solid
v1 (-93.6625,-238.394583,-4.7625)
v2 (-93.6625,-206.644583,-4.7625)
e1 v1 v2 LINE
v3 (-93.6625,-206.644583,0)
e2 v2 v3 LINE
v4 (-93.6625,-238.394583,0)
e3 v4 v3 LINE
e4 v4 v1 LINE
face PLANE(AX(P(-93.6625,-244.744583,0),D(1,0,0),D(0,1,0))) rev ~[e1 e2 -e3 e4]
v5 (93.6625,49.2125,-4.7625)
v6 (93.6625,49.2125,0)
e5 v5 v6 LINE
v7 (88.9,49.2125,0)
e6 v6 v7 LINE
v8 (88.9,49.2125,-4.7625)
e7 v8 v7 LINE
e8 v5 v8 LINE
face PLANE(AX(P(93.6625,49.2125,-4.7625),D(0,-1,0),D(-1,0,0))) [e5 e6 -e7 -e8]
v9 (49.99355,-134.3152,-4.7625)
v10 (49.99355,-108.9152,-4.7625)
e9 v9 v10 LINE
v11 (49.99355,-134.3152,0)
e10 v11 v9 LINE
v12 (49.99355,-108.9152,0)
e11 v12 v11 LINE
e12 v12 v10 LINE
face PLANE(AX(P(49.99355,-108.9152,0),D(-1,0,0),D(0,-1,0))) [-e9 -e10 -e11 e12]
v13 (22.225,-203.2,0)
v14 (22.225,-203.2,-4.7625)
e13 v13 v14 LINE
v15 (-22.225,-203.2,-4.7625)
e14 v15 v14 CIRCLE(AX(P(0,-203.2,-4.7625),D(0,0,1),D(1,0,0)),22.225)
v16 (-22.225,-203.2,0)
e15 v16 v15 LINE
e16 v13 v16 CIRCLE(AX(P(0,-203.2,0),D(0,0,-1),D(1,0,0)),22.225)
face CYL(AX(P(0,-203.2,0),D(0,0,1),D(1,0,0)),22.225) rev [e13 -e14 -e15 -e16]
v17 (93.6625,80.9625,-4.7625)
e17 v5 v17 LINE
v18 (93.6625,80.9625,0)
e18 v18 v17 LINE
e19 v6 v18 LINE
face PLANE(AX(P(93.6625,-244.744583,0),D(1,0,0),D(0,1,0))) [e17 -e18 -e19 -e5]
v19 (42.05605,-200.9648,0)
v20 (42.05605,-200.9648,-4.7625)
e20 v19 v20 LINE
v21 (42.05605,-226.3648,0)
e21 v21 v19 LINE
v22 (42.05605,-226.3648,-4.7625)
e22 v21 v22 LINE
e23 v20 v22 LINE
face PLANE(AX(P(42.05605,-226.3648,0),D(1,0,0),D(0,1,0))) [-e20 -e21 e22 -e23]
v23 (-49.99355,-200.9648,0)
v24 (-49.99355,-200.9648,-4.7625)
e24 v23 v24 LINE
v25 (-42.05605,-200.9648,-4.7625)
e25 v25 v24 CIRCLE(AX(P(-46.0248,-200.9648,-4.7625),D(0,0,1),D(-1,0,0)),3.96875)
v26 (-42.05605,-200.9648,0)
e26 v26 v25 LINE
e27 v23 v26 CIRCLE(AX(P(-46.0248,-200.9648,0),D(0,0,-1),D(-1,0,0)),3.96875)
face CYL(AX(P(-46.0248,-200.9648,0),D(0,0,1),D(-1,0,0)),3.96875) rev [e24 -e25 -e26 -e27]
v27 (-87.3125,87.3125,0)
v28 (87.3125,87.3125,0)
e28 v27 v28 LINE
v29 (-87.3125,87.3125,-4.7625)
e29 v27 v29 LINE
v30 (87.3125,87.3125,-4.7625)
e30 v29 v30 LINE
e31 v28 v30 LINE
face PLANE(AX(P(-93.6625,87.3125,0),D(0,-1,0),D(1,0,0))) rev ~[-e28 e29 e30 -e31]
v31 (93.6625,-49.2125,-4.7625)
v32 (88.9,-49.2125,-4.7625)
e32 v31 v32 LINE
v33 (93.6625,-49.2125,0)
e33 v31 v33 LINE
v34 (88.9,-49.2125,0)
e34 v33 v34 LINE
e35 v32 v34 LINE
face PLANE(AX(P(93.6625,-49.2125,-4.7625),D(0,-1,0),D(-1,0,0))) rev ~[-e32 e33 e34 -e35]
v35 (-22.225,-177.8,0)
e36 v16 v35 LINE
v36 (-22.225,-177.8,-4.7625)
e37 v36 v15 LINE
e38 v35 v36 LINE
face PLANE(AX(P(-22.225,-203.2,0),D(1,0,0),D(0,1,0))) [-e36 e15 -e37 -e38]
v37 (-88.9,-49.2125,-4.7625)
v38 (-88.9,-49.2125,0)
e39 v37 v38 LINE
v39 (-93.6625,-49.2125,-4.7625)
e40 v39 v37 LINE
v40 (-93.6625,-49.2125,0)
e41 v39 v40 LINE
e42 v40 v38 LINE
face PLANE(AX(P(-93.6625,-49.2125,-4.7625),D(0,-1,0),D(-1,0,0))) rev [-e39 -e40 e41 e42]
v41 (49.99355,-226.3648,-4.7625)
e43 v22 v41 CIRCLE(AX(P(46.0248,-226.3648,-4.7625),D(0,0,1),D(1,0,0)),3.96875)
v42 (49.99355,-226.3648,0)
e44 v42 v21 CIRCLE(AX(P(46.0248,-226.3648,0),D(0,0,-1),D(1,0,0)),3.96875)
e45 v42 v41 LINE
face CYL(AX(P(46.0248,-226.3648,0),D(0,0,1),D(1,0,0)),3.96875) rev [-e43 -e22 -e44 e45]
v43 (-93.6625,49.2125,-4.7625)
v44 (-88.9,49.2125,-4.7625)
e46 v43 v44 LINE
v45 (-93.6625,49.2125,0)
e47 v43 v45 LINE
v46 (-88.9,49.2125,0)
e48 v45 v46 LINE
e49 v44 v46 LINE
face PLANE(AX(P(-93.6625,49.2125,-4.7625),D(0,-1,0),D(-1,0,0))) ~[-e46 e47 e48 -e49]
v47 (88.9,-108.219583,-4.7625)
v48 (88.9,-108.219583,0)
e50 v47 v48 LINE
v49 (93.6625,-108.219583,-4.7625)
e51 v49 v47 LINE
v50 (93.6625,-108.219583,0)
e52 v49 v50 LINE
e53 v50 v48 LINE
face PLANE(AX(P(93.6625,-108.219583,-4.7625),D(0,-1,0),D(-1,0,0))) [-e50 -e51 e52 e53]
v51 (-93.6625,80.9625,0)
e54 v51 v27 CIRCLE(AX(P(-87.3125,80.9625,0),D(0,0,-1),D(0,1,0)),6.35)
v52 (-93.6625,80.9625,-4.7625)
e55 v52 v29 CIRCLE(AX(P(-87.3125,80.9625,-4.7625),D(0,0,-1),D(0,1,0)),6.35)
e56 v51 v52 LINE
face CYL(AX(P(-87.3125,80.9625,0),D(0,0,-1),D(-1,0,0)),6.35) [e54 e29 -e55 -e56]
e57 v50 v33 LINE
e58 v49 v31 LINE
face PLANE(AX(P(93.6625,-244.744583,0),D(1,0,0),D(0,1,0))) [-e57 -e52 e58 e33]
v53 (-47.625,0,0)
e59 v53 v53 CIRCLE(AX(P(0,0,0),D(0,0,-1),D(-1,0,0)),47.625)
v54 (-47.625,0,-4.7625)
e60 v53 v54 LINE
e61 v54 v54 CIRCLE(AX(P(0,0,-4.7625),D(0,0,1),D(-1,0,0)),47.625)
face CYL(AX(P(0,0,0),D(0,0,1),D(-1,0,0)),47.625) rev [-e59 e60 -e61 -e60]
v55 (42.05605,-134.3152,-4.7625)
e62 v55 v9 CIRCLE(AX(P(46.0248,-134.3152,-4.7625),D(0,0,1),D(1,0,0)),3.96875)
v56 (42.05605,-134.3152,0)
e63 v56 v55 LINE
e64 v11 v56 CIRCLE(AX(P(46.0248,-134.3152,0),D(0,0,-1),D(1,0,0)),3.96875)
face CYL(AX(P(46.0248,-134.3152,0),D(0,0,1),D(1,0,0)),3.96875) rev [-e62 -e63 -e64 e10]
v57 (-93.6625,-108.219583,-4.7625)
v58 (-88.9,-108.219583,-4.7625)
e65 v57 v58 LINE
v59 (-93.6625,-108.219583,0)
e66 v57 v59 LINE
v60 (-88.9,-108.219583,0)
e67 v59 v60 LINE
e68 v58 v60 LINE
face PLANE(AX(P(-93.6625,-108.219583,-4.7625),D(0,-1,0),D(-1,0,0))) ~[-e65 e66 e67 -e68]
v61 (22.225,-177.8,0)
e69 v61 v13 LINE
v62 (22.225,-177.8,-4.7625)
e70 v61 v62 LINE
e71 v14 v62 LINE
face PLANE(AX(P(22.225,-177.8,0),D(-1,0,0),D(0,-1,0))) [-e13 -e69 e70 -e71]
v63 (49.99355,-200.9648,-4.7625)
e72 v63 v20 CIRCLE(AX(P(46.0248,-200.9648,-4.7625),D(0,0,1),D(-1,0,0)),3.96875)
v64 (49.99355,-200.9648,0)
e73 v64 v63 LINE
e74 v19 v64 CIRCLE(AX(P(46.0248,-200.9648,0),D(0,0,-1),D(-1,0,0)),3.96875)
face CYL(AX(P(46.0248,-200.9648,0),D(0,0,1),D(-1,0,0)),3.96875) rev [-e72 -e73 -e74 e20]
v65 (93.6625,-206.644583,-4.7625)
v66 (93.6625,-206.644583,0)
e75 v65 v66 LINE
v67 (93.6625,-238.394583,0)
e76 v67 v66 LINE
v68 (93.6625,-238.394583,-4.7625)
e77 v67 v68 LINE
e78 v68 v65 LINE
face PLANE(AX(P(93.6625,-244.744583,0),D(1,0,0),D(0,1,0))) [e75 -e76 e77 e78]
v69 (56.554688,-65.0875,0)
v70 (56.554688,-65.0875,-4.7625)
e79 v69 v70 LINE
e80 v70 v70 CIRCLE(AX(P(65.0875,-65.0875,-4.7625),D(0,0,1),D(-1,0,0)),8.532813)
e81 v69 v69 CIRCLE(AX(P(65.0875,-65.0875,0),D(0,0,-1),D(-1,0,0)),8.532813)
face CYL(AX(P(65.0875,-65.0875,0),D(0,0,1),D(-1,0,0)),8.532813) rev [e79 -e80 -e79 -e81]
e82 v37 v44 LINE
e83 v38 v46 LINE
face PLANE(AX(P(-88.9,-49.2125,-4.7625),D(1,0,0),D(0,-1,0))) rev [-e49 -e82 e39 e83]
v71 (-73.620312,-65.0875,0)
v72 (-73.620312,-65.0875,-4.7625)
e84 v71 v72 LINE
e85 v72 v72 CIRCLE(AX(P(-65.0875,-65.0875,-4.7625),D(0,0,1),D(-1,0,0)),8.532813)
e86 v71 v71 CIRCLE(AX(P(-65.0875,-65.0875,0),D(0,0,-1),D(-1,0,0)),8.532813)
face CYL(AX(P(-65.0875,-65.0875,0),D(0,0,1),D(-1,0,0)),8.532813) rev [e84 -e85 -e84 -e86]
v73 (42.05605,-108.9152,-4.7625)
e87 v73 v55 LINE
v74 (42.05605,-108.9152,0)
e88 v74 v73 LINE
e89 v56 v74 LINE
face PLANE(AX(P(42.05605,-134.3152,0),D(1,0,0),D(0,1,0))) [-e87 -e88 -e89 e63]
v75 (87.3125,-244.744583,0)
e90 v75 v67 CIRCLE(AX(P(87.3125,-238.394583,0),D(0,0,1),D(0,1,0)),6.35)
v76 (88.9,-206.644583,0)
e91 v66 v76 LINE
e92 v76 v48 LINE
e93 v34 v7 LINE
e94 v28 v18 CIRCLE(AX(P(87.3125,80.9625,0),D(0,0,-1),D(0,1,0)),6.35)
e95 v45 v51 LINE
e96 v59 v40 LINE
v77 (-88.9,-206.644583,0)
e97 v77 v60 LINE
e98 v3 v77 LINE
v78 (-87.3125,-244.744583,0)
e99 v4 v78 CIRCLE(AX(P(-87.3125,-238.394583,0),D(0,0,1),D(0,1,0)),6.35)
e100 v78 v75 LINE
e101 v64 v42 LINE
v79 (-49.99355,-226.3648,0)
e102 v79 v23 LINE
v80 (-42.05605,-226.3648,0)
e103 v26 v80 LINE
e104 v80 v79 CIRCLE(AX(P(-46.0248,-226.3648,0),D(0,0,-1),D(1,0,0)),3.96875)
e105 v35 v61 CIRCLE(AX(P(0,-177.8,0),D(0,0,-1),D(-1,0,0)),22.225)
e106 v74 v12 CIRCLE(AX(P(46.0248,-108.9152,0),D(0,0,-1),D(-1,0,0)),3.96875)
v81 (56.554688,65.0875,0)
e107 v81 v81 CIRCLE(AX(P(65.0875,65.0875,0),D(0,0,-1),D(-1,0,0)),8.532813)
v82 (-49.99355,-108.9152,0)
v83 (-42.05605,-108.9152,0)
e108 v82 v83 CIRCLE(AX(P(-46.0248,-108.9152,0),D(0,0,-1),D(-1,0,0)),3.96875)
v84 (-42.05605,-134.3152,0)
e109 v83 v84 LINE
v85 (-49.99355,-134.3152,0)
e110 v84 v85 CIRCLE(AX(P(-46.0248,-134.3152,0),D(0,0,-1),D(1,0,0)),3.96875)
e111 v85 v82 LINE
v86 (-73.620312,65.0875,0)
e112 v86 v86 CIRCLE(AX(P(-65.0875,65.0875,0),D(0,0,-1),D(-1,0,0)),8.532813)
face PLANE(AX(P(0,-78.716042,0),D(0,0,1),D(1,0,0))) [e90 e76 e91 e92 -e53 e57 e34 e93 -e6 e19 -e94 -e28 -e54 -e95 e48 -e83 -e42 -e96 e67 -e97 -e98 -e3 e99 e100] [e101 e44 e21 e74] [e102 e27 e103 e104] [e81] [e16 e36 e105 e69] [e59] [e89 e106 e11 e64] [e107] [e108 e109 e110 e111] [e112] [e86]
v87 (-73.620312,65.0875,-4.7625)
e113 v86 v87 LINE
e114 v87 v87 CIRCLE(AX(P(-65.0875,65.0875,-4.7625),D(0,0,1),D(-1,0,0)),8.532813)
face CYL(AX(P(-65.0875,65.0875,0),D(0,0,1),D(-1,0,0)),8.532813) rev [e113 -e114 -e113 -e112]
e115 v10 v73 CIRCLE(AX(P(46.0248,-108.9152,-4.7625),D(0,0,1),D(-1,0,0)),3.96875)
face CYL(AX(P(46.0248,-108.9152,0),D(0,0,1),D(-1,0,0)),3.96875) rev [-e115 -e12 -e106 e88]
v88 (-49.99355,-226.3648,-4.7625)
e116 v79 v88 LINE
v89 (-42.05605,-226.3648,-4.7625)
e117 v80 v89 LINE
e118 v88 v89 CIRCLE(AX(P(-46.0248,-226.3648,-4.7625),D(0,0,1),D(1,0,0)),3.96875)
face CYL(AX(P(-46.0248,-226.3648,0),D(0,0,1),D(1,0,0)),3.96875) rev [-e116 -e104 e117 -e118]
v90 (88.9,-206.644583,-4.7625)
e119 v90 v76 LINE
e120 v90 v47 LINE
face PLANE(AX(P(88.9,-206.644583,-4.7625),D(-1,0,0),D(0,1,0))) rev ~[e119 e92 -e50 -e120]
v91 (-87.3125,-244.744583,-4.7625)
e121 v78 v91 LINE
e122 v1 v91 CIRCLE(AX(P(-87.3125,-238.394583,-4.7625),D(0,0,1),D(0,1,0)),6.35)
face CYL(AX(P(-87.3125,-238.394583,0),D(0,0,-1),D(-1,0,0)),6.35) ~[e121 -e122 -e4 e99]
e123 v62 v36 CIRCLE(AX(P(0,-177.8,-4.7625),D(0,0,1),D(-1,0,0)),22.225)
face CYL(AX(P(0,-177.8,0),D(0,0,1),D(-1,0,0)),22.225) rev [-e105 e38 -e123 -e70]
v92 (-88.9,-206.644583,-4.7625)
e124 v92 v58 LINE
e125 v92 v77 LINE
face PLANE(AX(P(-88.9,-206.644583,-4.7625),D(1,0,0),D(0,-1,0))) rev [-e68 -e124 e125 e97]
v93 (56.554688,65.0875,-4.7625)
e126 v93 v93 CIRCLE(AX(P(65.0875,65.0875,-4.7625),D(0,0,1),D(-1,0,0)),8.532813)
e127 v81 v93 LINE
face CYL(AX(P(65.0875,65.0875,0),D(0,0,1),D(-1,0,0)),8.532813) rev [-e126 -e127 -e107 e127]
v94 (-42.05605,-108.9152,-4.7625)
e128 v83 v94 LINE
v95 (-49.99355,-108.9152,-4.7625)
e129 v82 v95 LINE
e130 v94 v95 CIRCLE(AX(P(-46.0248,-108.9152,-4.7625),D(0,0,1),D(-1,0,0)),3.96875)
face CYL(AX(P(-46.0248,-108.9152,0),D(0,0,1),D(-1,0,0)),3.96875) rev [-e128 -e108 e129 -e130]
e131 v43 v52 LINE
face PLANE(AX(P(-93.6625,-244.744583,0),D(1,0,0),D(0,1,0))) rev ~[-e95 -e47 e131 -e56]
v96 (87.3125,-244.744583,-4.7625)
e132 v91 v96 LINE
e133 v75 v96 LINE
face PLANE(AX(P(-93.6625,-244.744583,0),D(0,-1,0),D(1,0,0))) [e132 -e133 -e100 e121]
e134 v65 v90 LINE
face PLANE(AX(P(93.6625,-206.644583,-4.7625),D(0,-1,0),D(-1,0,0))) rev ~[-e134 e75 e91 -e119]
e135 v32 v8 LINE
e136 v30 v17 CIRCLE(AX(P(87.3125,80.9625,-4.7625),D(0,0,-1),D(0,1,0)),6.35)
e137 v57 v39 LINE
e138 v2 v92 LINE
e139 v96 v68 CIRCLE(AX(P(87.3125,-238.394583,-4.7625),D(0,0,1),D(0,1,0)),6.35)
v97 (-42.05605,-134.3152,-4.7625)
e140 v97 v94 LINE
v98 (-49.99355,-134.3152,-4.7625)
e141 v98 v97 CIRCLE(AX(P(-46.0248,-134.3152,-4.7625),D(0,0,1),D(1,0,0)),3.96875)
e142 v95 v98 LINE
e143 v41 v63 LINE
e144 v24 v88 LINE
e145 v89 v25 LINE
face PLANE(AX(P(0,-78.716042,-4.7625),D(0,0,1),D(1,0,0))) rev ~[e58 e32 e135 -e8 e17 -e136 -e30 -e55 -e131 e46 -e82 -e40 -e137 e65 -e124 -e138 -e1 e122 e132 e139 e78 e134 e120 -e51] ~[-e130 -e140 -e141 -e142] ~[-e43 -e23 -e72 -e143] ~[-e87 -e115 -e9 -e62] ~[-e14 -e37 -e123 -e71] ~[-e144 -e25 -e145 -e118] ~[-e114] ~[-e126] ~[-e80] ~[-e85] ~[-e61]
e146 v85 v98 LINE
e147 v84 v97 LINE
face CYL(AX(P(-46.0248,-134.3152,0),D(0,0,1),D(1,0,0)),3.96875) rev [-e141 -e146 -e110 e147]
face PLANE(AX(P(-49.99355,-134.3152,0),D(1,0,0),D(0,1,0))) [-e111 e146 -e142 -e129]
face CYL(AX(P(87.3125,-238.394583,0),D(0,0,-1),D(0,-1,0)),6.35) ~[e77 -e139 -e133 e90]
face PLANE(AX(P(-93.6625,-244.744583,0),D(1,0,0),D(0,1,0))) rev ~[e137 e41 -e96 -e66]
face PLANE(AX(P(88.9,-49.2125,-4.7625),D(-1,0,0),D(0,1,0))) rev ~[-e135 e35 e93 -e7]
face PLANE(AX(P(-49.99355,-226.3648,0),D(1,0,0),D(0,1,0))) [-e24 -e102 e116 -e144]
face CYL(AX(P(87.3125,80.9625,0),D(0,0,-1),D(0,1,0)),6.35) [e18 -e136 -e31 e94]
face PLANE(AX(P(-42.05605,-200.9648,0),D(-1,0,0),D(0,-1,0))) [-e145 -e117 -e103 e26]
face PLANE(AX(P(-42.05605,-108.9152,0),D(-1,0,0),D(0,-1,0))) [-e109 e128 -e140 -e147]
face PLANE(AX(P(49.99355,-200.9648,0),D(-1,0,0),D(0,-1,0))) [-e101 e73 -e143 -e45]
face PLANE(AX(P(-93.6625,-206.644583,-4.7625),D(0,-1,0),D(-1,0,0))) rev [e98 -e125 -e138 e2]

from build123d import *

# Parameters (mm, degrees)
SKETCH1_W          = 187.325
SKETCH1_H          = 332.057083461
EXTRUDE1_DEPTH     = 4.7625
CUT_EXTRUDE1_REACH = 264.098
CUT_EXTRUDE2_REACH = 264.098
SKETCH3_R          = 47.625
SKETCH3_R_2        = 8.5328125
FILLET1_R          = 6.35
CUT_EXTRUDE3_REACH = 264.098
SKETCH4_W          = 4.7625
SKETCH4_H          = 98.425


with BuildPart() as part:
    # Sketch1 → Extrude1 (new body)
    with BuildSketch(Plane.XY):
        with Locations((0, -78.716041731)):
            Rectangle(SKETCH1_W, SKETCH1_H)
    extrude(amount=-EXTRUDE1_DEPTH)

    # Sketch2 → Cut-Extrude1 (cut, up to next)
    with BuildSketch(Plane.XY, mode=Mode.PRIVATE) as cut_extrude1_sk1:
        with BuildLine():
            Line((-22.225, -203.2), (-22.225, -177.8))
            ThreePointArc((-22.225, -177.8), (0, -155.575), (22.225, -177.8))
            Line((22.225, -177.8), (22.225, -203.2))
            ThreePointArc((22.225, -203.2), (0, -225.425), (-22.225, -203.2))
        make_face()
    cut_extrude1_tool1 = extrude(cut_extrude1_sk1.sketch, amount=-CUT_EXTRUDE1_REACH, mode=Mode.PRIVATE) & part.part
    # Sketch2 → Cut-Extrude1 (cut, up to next)
    with BuildSketch(Plane.XY, mode=Mode.PRIVATE) as cut_extrude1_sk2:
        with BuildLine():
            Line((49.99355, -108.9152), (49.99355, -134.3152))
            ThreePointArc((49.99355, -134.3152), (46.0248, -138.28395), (42.05605, -134.3152))
            Line((42.05605, -134.3152), (42.05605, -108.9152))
            ThreePointArc((42.05605, -108.9152), (46.0248, -104.94645), (49.99355, -108.9152))
        make_face()
    cut_extrude1_tool2 = extrude(cut_extrude1_sk2.sketch, amount=-CUT_EXTRUDE1_REACH, mode=Mode.PRIVATE) & part.part
    # Sketch2 → Cut-Extrude1 (cut, up to next)
    with BuildSketch(Plane.XY, mode=Mode.PRIVATE) as cut_extrude1_sk3:
        with BuildLine():
            Line((-42.05605, -108.9152), (-42.05605, -134.3152))
            ThreePointArc((-42.05605, -134.3152), (-46.0248, -138.28395), (-49.99355, -134.3152))
            Line((-49.99355, -134.3152), (-49.99355, -108.9152))
            ThreePointArc((-49.99355, -108.9152), (-46.0248, -104.94645), (-42.05605, -108.9152))
        make_face()
    cut_extrude1_tool3 = extrude(cut_extrude1_sk3.sketch, amount=-CUT_EXTRUDE1_REACH, mode=Mode.PRIVATE) & part.part
    # Sketch2 → Cut-Extrude1 (cut, up to next)
    with BuildSketch(Plane.XY, mode=Mode.PRIVATE) as cut_extrude1_sk4:
        with BuildLine():
            Line((49.99355, -200.9648), (49.99355, -226.3648))
            ThreePointArc((49.99355, -226.3648), (46.0248, -230.33355), (42.05605, -226.3648))
            Line((42.05605, -226.3648), (42.05605, -200.9648))
            ThreePointArc((42.05605, -200.9648), (46.0248, -196.99605), (49.99355, -200.9648))
        make_face()
    cut_extrude1_tool4 = extrude(cut_extrude1_sk4.sketch, amount=-CUT_EXTRUDE1_REACH, mode=Mode.PRIVATE) & part.part
    # Sketch2 → Cut-Extrude1 (cut, up to next)
    with BuildSketch(Plane.XY, mode=Mode.PRIVATE) as cut_extrude1_sk5:
        with BuildLine():
            Line((-42.05605, -200.9648), (-42.05605, -226.3648))
            ThreePointArc((-42.05605, -226.3648), (-46.0248, -230.33355), (-49.99355, -226.3648))
            Line((-49.99355, -226.3648), (-49.99355, -200.9648))
            ThreePointArc((-49.99355, -200.9648), (-46.0248, -196.99605), (-42.05605, -200.9648))
        make_face()
    cut_extrude1_tool5 = extrude(cut_extrude1_sk5.sketch, amount=-CUT_EXTRUDE1_REACH, mode=Mode.PRIVATE) & part.part
    add(cut_extrude1_tool1.solids().sort_by_distance((0, -190.5, 0))[0], mode=Mode.SUBTRACT)
    add(cut_extrude1_tool2.solids().sort_by_distance((46.0248, -121.6152, 0))[0], mode=Mode.SUBTRACT)
    add(cut_extrude1_tool3.solids().sort_by_distance((-46.0248, -121.6152, 0))[0], mode=Mode.SUBTRACT)
    add(cut_extrude1_tool4.solids().sort_by_distance((46.0248, -213.6648, 0))[0], mode=Mode.SUBTRACT)
    add(cut_extrude1_tool5.solids().sort_by_distance((-46.0248, -213.6648, 0))[0], mode=Mode.SUBTRACT)

    # Sketch3 → Cut-Extrude2 (cut, up to next)
    with BuildSketch(Plane(origin=(0, 0, 0), x_dir=(-1, 0, 0), z_dir=(0, 0, -1)), mode=Mode.PRIVATE) as cut_extrude2_sk1:
        Circle(SKETCH3_R)
    cut_extrude2_tool1 = extrude(cut_extrude2_sk1.sketch, amount=CUT_EXTRUDE2_REACH, mode=Mode.PRIVATE) & part.part
    # Sketch3 → Cut-Extrude2 (cut, up to next)
    with BuildSketch(Plane(origin=(0, 0, 0), x_dir=(-1, 0, 0), z_dir=(0, 0, -1)), mode=Mode.PRIVATE) as cut_extrude2_sk2:
        with Locations((65.0875, 65.0875)):
            Circle(SKETCH3_R_2)
    cut_extrude2_tool2 = extrude(cut_extrude2_sk2.sketch, amount=CUT_EXTRUDE2_REACH, mode=Mode.PRIVATE) & part.part
    # Sketch3 → Cut-Extrude2 (cut, up to next)
    with BuildSketch(Plane(origin=(0, 0, 0), x_dir=(-1, 0, 0), z_dir=(0, 0, -1)), mode=Mode.PRIVATE) as cut_extrude2_sk3:
        with Locations((-65.0875, 65.0875)):
            Circle(SKETCH3_R_2)
    cut_extrude2_tool3 = extrude(cut_extrude2_sk3.sketch, amount=CUT_EXTRUDE2_REACH, mode=Mode.PRIVATE) & part.part
    # Sketch3 → Cut-Extrude2 (cut, up to next)
    with BuildSketch(Plane(origin=(0, 0, 0), x_dir=(-1, 0, 0), z_dir=(0, 0, -1)), mode=Mode.PRIVATE) as cut_extrude2_sk4:
        with Locations((-65.0875, -65.0875)):
            Circle(SKETCH3_R_2)
    cut_extrude2_tool4 = extrude(cut_extrude2_sk4.sketch, amount=CUT_EXTRUDE2_REACH, mode=Mode.PRIVATE) & part.part
    # Sketch3 → Cut-Extrude2 (cut, up to next)
    with BuildSketch(Plane(origin=(0, 0, 0), x_dir=(-1, 0, 0), z_dir=(0, 0, -1)), mode=Mode.PRIVATE) as cut_extrude2_sk5:
        with Locations((65.0875, -65.0875)):
            Circle(SKETCH3_R_2)
    cut_extrude2_tool5 = extrude(cut_extrude2_sk5.sketch, amount=CUT_EXTRUDE2_REACH, mode=Mode.PRIVATE) & part.part
    add(cut_extrude2_tool1.solids().sort_by_distance((0, 0, 0))[0], mode=Mode.SUBTRACT)
    add(cut_extrude2_tool2.solids().sort_by_distance((-65.0875, 65.0875, 0))[0], mode=Mode.SUBTRACT)
    add(cut_extrude2_tool3.solids().sort_by_distance((65.0875, 65.0875, 0))[0], mode=Mode.SUBTRACT)
    add(cut_extrude2_tool4.solids().sort_by_distance((65.0875, -65.0875, 0))[0], mode=Mode.SUBTRACT)
    add(cut_extrude2_tool5.solids().sort_by_distance((-65.0875, -65.0875, 0))[0], mode=Mode.SUBTRACT)

    # Fillet1
    fillet1_edges = [part.edges().sort_by_distance(p)[0] for p in [
        (93.6625, -244.744583461, -2.38125),
        (-93.6625, -244.744583461, -2.38125),
        (-93.6625, 87.3125, -2.38125),
        (93.6625, 87.3125, -2.38125),
    ]]
    fillet(fillet1_edges, radius=FILLET1_R)

    # Sketch4 → Cut-Extrude3 (cut, up to next)
    with BuildSketch(Plane(origin=(0, 0, -4.7625), x_dir=(-1, 0, 0), z_dir=(0, 0, -1)), mode=Mode.PRIVATE) as cut_extrude3_sk1:
        with Locations((-91.28125, 0)):
            Rectangle(SKETCH4_W, SKETCH4_H)
    cut_extrude3_tool1 = extrude(cut_extrude3_sk1.sketch, amount=-CUT_EXTRUDE3_REACH, mode=Mode.PRIVATE) & part.part
    # Sketch4 → Cut-Extrude3 (cut, up to next)
    with BuildSketch(Plane(origin=(0, 0, -4.7625), x_dir=(-1, 0, 0), z_dir=(0, 0, -1)), mode=Mode.PRIVATE) as cut_extrude3_sk2:
        with Locations((-91.28125, -157.432083461)):
            Rectangle(SKETCH4_W, SKETCH4_H)
    cut_extrude3_tool2 = extrude(cut_extrude3_sk2.sketch, amount=-CUT_EXTRUDE3_REACH, mode=Mode.PRIVATE) & part.part
    cut_extrude3_1 = cut_extrude3_tool1.solids().sort_by_distance((91.28125, 0, -4.7625))[0]
    add(cut_extrude3_1, mode=Mode.SUBTRACT)
    cut_extrude3_2 = cut_extrude3_tool2.solids().sort_by_distance((91.28125, -157.432083, -4.7625))[0]
    add(cut_extrude3_2, mode=Mode.SUBTRACT)
    cut_extrude3 = cut_extrude3_1 + cut_extrude3_2  # Cut-Extrude3 as one shape, for the pattern or mirror that repeats it

    # Mirror1: Cut-Extrude3 across plane
    add(cut_extrude3.mirror(Plane(origin=(0, 0, 0), x_dir=(0, 0, 1), z_dir=(1, 0, 0))), mode=Mode.SUBTRACT)


solid = part.part
